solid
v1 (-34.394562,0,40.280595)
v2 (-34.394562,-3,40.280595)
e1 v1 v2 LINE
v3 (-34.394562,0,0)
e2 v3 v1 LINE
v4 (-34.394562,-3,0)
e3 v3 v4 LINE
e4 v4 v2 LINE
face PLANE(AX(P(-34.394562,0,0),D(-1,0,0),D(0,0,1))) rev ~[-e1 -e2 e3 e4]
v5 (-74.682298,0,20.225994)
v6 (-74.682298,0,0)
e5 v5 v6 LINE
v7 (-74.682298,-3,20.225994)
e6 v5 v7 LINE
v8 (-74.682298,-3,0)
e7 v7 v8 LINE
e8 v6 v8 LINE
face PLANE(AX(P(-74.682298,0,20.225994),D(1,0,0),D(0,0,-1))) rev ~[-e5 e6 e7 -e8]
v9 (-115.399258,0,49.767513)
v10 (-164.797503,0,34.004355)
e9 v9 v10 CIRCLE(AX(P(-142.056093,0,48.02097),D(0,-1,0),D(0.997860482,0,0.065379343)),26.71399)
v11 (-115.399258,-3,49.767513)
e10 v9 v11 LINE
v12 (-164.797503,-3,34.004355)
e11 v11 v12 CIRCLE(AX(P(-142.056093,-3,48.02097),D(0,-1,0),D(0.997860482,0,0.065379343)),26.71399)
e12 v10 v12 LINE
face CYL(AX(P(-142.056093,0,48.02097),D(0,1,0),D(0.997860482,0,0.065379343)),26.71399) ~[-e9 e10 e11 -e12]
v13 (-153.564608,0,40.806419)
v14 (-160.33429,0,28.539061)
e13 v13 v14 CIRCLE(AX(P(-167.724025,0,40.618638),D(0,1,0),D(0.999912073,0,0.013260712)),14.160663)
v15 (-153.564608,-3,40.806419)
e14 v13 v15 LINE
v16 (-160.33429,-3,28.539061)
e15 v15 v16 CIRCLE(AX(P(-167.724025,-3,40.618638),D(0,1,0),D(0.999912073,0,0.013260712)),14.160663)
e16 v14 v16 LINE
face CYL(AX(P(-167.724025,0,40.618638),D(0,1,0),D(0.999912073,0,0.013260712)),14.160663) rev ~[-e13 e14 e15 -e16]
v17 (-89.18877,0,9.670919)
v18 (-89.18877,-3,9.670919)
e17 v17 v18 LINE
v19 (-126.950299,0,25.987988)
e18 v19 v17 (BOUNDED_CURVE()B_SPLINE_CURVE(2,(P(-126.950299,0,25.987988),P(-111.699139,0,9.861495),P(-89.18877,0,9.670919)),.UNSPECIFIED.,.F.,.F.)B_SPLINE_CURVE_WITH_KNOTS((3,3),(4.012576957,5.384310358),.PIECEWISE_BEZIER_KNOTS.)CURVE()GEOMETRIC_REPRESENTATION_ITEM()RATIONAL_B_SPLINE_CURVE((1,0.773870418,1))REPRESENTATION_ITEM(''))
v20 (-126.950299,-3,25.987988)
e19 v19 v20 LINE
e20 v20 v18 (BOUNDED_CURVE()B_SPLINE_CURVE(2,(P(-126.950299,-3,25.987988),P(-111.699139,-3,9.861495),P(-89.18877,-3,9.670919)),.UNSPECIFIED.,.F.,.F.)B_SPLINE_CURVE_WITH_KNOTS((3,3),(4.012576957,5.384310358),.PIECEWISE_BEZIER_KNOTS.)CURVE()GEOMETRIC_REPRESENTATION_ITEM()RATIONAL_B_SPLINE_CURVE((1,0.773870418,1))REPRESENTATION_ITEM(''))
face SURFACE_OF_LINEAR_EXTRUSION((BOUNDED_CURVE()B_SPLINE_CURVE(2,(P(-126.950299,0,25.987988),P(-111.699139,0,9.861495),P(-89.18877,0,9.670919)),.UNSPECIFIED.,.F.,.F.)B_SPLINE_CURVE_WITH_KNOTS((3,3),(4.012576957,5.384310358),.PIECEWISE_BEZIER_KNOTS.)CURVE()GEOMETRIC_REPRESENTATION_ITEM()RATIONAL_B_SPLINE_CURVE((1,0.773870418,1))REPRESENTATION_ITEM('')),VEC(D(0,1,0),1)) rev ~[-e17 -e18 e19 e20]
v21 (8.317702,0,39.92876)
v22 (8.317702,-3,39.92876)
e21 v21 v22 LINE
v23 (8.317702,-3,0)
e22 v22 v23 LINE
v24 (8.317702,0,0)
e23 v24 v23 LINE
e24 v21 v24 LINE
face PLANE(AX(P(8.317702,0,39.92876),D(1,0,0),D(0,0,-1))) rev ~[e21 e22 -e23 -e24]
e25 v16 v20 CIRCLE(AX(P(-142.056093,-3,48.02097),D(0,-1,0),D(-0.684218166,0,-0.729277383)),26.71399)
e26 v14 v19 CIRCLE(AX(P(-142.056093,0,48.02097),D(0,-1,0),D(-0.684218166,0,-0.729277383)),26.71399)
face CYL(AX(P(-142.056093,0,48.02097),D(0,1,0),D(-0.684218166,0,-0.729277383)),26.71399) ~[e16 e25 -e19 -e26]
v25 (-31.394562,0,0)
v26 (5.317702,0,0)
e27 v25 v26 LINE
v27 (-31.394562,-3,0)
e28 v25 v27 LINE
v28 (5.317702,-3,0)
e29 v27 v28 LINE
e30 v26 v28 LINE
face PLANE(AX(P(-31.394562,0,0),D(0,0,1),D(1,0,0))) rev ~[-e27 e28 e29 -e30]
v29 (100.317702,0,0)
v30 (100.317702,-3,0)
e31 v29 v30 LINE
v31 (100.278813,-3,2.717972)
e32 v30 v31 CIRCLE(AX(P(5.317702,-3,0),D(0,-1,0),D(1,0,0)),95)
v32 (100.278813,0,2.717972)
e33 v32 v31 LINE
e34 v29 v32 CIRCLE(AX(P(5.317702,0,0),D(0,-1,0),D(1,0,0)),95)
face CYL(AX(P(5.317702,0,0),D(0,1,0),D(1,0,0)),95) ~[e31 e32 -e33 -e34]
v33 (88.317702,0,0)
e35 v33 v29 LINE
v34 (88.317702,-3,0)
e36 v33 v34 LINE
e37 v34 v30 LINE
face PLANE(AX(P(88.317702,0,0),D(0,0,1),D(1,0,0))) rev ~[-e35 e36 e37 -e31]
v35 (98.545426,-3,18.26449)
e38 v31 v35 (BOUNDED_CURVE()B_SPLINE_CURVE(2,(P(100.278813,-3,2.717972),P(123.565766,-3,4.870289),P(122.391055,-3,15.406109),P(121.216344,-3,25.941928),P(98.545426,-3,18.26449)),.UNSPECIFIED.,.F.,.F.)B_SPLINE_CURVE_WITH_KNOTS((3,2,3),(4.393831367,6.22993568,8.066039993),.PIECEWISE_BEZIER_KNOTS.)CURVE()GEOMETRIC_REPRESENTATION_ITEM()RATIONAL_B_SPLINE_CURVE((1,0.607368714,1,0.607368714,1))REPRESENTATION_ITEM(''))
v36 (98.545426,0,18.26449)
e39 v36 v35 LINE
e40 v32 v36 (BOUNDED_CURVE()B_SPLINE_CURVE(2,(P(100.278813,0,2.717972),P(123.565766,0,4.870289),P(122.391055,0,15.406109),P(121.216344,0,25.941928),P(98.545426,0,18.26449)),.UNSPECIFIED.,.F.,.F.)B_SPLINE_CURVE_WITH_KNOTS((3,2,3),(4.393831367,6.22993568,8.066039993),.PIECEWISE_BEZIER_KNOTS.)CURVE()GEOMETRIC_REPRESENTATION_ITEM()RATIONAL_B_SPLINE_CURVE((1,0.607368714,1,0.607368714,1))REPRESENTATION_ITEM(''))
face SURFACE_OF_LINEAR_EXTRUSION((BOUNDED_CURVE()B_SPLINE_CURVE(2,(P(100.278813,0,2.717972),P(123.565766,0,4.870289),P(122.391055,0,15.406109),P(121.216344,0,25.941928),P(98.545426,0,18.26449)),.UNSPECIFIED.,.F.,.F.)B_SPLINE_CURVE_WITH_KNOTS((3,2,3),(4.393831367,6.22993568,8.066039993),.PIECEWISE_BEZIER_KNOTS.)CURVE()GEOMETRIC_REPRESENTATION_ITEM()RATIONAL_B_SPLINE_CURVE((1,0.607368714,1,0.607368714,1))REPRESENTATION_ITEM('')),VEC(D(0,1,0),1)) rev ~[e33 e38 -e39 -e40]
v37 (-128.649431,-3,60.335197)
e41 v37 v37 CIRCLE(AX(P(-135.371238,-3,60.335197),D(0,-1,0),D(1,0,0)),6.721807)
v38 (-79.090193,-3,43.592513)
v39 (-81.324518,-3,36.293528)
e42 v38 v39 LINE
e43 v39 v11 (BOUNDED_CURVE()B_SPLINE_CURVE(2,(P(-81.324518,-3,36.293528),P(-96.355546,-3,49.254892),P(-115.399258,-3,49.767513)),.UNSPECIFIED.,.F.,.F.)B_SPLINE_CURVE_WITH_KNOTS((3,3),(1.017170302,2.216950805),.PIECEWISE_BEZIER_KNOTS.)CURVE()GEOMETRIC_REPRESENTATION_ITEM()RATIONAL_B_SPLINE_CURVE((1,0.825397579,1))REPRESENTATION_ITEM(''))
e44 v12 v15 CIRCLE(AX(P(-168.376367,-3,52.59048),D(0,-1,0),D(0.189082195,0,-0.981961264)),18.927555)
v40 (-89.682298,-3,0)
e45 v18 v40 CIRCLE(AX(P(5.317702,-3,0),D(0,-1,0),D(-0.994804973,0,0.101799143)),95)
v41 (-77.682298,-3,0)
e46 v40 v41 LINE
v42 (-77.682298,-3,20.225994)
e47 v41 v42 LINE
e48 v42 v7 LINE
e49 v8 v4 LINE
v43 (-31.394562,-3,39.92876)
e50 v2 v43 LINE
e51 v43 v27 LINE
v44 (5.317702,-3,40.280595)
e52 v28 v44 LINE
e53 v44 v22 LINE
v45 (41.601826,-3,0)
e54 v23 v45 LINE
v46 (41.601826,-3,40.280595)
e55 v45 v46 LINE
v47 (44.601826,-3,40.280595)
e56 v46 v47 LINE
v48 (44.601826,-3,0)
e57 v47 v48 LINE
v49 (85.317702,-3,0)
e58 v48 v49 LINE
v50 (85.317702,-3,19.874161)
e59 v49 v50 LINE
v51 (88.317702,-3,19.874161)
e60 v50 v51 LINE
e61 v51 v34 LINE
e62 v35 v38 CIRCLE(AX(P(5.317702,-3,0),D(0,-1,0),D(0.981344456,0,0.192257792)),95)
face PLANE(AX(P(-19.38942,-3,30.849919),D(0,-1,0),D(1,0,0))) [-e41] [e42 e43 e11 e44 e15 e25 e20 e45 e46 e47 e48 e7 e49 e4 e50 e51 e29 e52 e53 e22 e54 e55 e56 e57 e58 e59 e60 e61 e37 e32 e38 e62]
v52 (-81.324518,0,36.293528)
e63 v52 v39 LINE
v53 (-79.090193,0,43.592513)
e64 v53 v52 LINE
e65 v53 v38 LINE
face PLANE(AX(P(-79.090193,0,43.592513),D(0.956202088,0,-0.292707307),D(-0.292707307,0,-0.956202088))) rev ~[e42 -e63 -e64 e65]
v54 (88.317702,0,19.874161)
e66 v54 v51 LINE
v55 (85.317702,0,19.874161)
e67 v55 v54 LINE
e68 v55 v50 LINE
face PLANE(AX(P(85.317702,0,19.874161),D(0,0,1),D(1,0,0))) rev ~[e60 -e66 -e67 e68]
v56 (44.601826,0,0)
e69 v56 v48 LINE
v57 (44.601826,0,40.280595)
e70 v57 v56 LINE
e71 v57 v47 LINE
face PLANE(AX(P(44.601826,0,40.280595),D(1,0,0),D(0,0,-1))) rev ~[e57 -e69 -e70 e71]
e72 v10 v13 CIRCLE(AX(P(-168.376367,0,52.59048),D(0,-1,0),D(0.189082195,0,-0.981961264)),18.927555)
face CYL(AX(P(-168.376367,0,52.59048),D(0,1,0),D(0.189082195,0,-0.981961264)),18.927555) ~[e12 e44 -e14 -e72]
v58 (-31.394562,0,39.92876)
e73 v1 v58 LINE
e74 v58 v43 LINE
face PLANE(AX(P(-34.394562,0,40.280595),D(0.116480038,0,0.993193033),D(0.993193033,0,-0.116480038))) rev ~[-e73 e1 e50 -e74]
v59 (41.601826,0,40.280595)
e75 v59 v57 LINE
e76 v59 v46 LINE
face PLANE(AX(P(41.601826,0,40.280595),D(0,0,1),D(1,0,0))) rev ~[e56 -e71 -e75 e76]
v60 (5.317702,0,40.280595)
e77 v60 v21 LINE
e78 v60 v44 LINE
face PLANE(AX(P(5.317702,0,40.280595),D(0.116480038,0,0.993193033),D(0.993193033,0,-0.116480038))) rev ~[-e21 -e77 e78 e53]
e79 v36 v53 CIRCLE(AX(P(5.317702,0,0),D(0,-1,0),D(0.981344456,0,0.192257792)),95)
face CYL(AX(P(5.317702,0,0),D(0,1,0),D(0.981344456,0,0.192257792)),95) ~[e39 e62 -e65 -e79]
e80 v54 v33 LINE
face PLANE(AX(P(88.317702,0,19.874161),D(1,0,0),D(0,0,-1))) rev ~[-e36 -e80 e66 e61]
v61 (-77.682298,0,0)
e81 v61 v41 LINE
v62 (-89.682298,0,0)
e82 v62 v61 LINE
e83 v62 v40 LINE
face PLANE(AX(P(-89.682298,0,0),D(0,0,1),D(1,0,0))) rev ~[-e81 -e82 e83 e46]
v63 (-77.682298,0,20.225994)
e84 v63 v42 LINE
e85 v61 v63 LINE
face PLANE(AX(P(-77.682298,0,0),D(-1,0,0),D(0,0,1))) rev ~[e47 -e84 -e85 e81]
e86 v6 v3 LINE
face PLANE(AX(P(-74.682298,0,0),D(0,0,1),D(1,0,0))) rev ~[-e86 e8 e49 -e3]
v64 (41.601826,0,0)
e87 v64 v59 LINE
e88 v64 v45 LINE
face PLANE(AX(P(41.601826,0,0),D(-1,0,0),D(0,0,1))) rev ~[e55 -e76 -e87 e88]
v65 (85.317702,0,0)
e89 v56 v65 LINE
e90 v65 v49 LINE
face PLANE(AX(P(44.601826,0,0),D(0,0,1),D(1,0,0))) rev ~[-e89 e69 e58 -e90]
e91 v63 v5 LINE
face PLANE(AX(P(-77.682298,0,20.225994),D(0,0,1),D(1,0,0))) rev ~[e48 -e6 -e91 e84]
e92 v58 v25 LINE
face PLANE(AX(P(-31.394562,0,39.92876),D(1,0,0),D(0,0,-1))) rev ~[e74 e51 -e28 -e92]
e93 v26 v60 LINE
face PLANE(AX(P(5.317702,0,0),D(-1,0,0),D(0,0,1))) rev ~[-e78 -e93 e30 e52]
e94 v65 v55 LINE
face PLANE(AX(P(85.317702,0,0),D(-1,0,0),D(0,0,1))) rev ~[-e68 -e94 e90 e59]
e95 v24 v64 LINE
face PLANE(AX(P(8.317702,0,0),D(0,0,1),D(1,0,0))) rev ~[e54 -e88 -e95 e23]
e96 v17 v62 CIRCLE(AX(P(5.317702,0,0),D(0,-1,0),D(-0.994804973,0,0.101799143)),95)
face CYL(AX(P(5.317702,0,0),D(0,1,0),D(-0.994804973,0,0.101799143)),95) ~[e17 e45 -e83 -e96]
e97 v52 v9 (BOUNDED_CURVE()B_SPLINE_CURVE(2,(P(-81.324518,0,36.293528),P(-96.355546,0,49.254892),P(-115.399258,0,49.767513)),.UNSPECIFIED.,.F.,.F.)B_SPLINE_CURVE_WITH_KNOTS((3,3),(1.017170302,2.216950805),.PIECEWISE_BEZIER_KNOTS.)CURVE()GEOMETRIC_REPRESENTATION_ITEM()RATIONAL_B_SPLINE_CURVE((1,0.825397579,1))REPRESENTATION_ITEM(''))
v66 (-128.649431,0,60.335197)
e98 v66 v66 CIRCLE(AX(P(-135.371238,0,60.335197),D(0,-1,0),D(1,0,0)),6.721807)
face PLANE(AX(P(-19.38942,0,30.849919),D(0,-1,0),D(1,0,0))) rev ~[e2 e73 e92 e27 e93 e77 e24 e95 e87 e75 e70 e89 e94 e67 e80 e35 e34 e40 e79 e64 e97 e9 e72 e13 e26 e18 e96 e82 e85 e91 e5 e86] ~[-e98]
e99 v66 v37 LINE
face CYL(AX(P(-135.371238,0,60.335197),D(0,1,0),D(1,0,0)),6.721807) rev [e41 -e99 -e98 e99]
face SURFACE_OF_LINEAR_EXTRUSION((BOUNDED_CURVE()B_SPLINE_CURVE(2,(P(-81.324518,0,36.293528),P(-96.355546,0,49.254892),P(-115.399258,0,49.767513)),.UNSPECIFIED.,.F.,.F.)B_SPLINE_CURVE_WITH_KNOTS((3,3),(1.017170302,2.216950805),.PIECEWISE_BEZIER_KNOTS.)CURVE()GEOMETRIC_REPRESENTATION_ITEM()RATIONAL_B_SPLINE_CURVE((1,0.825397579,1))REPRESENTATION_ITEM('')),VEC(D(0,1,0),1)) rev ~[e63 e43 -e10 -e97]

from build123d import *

# Parameters (mm, degrees)
F0_R     = 6.7218070384
F1_DEPTH = 3


with BuildPart() as f1:
    # F0 (on Front) → F1 (new body)
    with BuildSketch(Plane.XZ):
        with BuildLine():
            Line((88.3177022776, 0), (100.3177022776, 0))
            ThreePointArc((100.3177022776, 0), (100.3079795638, 1.3591251166), (100.2788134127, 2.7179720356))
            add(Edge.make_bspline(
                [(100.2788134127, 2.7179720356), (123.5657655158, 4.8702892654), (122.3910548507, 15.4061085671), (121.2163441856, 25.9419278688), (98.5454256048, 18.264490226)],
                knots=[4.3938313667, 4.3938313667, 4.3938313667, 6.2299356796, 6.2299356796, 8.0660399925, 8.0660399925, 8.0660399925], degree=2, weights=[1, 0.6073687139, 1, 0.6073687139, 1]))
            ThreePointArc((98.5454256048, 18.264490226), (18.727568812, 94.0487930785), (-79.0901933214, 43.5925126662))
            Line((-79.0901933214, 43.5925126662), (-81.324518094, 36.2935284559))
            add(Edge.make_bspline(
                [(-81.324518094, 36.2935284559), (-96.3555456344, 49.2548917985), (-115.3992575195, 49.7675132019)],
                knots=[1.0171703019, 1.0171703019, 1.0171703019, 2.2169508045, 2.2169508045, 2.2169508045], degree=2, weights=[1, 0.8253975787, 1]))
            ThreePointArc((-115.3992575195, 49.7675132019), (-150.1771718322, 73.4706329992), (-164.7975034476, 34.0043547921))
            ThreePointArc((-164.7975034476, 34.0043547921), (-158.5722468335, 36.4000030596), (-153.5646075249, 40.8064187332))
            ThreePointArc((-153.5646075249, 40.8064187332), (-155.3258998068, 33.776792282), (-160.3342899704, 28.5390612356))
            ThreePointArc((-160.3342899704, 28.5390612356), (-144.0915360093, 21.3846369828), (-126.9502992551, 25.9879884968))
            add(Edge.make_bspline(
                [(-126.9502992551, 25.9879884968), (-111.6991389355, 9.8614953801), (-89.1887701705, 9.6709185409)],
                knots=[4.0125769571, 4.0125769571, 4.0125769571, 5.3843103584, 5.3843103584, 5.3843103584], degree=2, weights=[1, 0.7738704182, 1]))
            ThreePointArc((-89.1887701705, 9.6709185409), (-89.5588356087, 4.8417516166), (-89.6822977224, 0))
            Line((-89.6822977224, 0), (-77.6822977224, 0))
            Line((-77.6822977224, 0), (-77.6822977224, 20.2259942889))
            Line((-77.6822977224, 20.2259942889), (-74.6822977224, 20.2259942889))
            Line((-74.6822977224, 20.2259942889), (-74.6822977224, 0))
            Line((-74.6822977224, 0), (-34.3945622444, 0))
            Line((-34.3945622444, 0), (-34.3945622444, 40.2805954218))
            Line((-34.3945622444, 40.2805954218), (-31.3945622444, 39.9287603796))
            Line((-31.3945622444, 39.9287603796), (-31.3945622444, 0))
            Line((-31.3945622444, 0), (5.3177022776, 0))
            Line((5.3177022776, 0), (5.3177022776, 40.2805954218))
            Line((5.3177022776, 40.2805954218), (8.3177022776, 39.9287603796))
            Line((8.3177022776, 39.9287603796), (8.3177022776, 0))
            Line((8.3177022776, 0), (41.6018255055, 0))
            Line((41.6018255055, 0), (41.6018255055, 40.2805954218))
            Line((41.6018255055, 40.2805954218), (44.6018255055, 40.2805954218))
            Line((44.6018255055, 40.2805954218), (44.6018255055, 0))
            Line((44.6018255055, 0), (85.3177022776, 0))
            Line((85.3177022776, 0), (85.3177022776, 19.8741611093))
            Line((85.3177022776, 19.8741611093), (88.3177022776, 19.8741611093))
            Line((88.3177022776, 19.8741611093), (88.3177022776, 0))
        make_face()
        with Locations((-135.3712379932, 60.3351965547)):
            Circle(F0_R, mode=Mode.SUBTRACT)
    extrude(amount=F1_DEPTH)


solid = f1.part
